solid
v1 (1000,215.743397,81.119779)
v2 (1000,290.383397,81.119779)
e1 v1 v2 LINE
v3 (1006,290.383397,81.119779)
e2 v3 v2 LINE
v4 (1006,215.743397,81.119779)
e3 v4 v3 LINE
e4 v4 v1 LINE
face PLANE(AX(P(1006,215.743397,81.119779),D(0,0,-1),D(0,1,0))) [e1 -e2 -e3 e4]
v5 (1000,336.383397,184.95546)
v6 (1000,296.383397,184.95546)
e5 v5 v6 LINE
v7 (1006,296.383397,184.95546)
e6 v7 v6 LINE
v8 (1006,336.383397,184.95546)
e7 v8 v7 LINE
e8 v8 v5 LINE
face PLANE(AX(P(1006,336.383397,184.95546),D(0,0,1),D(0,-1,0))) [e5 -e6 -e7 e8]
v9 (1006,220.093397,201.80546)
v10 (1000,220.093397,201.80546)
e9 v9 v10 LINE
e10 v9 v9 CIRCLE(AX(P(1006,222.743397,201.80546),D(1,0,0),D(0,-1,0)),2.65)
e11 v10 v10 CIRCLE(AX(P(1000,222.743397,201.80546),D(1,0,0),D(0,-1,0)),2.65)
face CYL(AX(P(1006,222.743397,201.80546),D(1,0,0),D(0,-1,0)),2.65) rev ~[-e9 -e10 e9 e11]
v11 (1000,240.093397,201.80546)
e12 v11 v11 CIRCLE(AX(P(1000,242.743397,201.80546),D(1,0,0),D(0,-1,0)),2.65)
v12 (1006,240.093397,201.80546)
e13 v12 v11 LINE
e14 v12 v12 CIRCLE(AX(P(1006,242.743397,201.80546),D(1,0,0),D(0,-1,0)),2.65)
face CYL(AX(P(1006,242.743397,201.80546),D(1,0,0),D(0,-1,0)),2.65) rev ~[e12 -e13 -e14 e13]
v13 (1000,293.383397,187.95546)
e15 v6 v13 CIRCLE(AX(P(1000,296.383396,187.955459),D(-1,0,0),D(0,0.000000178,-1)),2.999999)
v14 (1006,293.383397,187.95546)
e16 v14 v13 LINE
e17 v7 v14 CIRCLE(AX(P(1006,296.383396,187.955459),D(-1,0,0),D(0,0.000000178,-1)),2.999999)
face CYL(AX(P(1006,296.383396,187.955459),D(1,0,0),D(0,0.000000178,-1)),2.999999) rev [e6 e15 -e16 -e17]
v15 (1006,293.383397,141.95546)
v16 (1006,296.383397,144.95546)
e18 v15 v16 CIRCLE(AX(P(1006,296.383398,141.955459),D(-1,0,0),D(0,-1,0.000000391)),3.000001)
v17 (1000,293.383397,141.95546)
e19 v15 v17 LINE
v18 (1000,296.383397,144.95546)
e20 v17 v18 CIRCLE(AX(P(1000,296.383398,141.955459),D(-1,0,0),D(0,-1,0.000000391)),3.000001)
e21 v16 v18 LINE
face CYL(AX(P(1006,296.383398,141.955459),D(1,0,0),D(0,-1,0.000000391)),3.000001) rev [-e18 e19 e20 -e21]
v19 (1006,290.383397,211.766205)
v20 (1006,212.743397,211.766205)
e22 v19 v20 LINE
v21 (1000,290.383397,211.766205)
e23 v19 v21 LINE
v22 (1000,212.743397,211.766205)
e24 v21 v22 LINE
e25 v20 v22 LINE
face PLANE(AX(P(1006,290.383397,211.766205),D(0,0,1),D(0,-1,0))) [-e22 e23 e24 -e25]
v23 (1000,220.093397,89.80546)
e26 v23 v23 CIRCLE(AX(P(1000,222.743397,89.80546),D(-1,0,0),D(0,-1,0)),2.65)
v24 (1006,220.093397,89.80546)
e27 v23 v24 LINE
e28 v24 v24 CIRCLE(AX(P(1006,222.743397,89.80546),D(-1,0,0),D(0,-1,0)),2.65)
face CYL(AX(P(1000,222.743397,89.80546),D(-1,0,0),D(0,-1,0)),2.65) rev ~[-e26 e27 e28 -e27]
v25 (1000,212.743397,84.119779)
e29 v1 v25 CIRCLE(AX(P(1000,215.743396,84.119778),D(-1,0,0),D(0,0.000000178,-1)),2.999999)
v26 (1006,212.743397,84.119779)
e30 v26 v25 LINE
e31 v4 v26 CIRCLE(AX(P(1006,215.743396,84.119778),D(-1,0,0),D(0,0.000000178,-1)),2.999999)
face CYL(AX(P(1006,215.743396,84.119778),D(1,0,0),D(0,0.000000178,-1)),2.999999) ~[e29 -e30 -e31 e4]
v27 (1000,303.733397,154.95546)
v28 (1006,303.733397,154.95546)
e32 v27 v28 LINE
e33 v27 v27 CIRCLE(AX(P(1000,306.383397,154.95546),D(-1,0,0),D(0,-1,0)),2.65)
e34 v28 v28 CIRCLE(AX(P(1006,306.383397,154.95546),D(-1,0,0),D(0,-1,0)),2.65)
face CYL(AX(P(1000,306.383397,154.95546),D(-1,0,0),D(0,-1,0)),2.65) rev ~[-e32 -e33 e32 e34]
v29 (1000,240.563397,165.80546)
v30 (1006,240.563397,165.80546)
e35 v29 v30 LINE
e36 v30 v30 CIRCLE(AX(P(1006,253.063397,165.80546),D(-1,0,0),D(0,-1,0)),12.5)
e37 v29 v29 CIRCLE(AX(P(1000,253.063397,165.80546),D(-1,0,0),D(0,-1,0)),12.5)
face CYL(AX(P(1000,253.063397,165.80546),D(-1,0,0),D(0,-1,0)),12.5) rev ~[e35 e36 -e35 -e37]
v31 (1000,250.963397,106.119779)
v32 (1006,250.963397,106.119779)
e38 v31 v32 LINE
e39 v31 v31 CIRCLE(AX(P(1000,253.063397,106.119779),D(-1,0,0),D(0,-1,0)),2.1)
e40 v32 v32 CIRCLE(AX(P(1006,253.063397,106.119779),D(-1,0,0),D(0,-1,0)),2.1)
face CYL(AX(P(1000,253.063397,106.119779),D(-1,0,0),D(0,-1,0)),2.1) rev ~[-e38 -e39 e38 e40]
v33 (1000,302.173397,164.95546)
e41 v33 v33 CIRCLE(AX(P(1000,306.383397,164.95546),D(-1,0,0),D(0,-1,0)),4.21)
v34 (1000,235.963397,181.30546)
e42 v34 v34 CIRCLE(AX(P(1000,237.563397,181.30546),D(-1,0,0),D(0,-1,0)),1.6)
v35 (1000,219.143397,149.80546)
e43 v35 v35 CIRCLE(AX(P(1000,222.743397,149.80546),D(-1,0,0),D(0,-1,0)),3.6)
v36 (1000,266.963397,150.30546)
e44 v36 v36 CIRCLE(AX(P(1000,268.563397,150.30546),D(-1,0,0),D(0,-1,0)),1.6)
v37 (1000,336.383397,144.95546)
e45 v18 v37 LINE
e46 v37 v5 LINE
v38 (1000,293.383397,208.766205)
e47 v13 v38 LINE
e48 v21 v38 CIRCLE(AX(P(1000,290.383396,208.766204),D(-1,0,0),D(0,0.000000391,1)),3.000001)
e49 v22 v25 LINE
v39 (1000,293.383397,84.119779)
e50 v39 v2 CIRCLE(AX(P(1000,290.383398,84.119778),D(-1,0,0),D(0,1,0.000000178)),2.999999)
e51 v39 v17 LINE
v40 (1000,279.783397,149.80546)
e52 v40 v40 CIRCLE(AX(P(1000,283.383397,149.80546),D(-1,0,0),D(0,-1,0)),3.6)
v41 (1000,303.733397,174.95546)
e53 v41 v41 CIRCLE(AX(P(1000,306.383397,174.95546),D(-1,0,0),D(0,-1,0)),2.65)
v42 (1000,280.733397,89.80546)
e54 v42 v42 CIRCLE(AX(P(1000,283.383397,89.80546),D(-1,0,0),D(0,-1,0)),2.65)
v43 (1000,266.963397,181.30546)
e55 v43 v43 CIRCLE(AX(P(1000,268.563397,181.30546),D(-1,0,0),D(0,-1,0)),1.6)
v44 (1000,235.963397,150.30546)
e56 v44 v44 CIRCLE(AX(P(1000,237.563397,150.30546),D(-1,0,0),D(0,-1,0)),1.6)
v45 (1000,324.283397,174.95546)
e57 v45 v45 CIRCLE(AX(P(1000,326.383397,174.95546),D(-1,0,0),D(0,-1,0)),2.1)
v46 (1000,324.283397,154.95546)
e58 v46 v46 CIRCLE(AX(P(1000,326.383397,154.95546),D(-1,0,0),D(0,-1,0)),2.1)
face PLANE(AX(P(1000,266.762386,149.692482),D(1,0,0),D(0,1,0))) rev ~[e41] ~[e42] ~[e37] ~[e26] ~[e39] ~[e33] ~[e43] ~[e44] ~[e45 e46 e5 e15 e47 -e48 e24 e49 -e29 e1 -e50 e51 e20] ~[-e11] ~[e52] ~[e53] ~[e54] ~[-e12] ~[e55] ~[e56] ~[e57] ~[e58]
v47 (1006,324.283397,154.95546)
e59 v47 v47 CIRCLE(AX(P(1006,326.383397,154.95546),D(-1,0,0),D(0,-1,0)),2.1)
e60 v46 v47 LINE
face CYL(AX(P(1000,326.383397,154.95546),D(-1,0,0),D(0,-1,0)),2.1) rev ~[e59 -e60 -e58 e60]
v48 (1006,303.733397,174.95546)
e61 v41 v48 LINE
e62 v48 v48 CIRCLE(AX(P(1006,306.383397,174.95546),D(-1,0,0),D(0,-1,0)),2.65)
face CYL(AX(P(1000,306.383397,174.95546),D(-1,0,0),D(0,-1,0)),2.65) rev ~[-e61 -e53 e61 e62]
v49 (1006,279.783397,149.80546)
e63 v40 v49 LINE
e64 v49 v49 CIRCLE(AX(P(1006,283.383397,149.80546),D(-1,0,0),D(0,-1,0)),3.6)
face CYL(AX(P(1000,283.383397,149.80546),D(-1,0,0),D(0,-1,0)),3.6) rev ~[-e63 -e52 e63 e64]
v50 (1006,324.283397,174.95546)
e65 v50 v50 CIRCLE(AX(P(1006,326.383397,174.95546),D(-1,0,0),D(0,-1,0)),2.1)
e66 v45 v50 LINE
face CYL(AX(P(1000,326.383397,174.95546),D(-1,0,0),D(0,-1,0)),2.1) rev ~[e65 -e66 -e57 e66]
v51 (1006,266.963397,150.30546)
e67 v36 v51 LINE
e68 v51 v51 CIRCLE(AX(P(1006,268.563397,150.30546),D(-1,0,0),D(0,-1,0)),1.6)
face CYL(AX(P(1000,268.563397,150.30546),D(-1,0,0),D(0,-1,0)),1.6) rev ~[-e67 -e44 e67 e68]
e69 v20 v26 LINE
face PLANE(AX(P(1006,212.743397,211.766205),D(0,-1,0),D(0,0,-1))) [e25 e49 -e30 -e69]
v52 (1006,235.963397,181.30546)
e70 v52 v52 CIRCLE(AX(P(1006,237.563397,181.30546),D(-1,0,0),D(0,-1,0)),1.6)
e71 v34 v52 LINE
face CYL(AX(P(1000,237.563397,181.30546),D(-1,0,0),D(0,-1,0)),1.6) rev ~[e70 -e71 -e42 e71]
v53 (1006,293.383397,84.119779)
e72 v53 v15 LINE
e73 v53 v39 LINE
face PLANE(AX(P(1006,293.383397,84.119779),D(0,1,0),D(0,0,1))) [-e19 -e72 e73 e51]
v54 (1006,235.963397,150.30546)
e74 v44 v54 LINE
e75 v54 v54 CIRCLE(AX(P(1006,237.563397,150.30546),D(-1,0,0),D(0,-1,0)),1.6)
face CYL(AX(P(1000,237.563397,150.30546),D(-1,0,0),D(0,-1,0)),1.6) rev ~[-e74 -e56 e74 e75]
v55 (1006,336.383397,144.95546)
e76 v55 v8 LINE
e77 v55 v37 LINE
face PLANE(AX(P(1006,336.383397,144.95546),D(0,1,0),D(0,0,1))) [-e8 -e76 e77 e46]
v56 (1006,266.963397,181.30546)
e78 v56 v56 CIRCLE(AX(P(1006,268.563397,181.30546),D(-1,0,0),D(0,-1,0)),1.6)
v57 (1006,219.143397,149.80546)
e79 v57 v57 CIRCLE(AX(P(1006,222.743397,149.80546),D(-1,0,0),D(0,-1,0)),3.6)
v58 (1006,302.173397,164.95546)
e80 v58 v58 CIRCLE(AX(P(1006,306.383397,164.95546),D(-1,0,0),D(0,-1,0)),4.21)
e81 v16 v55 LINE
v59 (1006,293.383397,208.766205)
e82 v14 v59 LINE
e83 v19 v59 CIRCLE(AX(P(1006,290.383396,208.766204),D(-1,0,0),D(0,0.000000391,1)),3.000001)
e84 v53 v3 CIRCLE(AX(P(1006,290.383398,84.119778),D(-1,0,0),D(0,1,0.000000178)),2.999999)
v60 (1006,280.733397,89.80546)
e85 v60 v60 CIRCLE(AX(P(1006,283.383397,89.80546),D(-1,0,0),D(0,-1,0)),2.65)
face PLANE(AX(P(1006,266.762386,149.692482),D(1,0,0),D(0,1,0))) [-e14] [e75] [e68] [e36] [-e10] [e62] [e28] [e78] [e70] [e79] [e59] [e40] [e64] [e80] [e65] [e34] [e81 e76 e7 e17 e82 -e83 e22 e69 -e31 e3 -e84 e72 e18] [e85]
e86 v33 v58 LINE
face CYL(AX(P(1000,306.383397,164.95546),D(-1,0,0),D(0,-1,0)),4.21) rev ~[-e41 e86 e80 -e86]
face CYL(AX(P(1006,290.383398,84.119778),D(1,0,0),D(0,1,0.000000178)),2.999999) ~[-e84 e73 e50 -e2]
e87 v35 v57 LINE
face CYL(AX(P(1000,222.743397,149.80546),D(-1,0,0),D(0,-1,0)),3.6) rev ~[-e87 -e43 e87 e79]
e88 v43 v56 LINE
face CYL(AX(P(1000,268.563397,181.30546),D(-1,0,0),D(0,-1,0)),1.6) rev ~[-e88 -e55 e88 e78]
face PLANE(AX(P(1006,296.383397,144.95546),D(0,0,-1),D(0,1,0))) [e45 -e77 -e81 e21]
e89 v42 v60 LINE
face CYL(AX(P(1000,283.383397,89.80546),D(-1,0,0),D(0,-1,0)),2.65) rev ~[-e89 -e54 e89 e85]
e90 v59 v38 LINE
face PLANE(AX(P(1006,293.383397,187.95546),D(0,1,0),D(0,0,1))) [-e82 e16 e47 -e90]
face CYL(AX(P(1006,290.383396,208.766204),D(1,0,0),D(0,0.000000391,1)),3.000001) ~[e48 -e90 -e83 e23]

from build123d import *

# Parameters (mm, degrees)
PAD005_DEPTH             = 6
SKETCH025_R              = 2.1
HOLE006_DEPTH            = 25
SKETCH026_R              = 3.6
HOLE007_DEPTH            = 25
SKETCH027_R              = 2.65
HOLE008_DEPTH            = 25
SKETCH028_R              = 1.6
HOLE009_DEPTH            = 25
SKETCH029_R              = 12.5
POCKET001_DEPTH          = 6.001
SKETCH030_R              = 2.65
HOLE010_DEPTH            = 25
SKETCH031_R              = 2.65
HOLE011_DEPTH            = 25
SKETCH032_R              = 2.1
HOLE012_DEPTH            = 25
SKETCH033_R              = 4.21
POCKET_DEPTH             = 6.001
BODY013_ROLL_ANGLE       = 90
BODY013_PLACEMENT_ANGLE  = -90
CLONE005_PLACEMENT_ANGLE = 180
BODY014_PLACEMENT_ANGLE  = 180


with BuildPart() as part:
    # Sketch → Pad005 (new body)
    with BuildSketch(Plane.XY):
        with BuildLine():
            Line((-53.583397, -36.74454), (-53.583397, 3.25546))
            Line((-53.583397, 3.25546), (-13.583397, 3.25546))
            ThreePointArc((-13.583397, 3.25546), (-11.462077, 4.134139), (-10.583397, 6.25546))
            Line((-10.583397, 6.25546), (-10.583397, 27.066205))
            ThreePointArc((-7.583397, 30.066205), (-9.704717, 29.187525), (-10.583397, 27.066205))
            Line((-7.583397, 30.066205), (70.056603, 30.066205))
            Line((70.056603, 30.066205), (70.056603, -97.580221))
            ThreePointArc((67.056603, -100.580221), (69.177923, -99.701542), (70.056603, -97.580221))
            Line((67.056603, -100.580221), (-7.583397, -100.580221))
            ThreePointArc((-10.583397, -97.580221), (-9.704717, -99.701542), (-7.583397, -100.580221))
            Line((-10.583397, -97.580221), (-10.583397, -39.74454))
            ThreePointArc((-10.583397, -39.74454), (-11.462077, -37.62322), (-13.583397, -36.74454))
            Line((-13.583397, -36.74454), (-53.583397, -36.74454))
        make_face()
    extrude(amount=PAD005_DEPTH)

    # Sketch025 (on Face15 of Pad005) → Hole006 (cut)
    with BuildSketch(Plane.XY.offset(6)):
        with Locations((-43.583397, -6.74454)):
            Circle(SKETCH025_R)
        with Locations((-43.583397, -26.74454)):
            Circle(SKETCH025_R)
    extrude(amount=-HOLE006_DEPTH, mode=Mode.SUBTRACT)

    # Sketch026 (on Face5 of Hole006) → Hole007 (cut)
    with BuildSketch(Plane.XY.offset(6)):
        with Locations((-0.583397, -31.89454)):
            Circle(SKETCH026_R)
        with Locations((60.056603, -31.89454)):
            Circle(SKETCH026_R)
    extrude(amount=-HOLE007_DEPTH, mode=Mode.SUBTRACT)

    # Sketch027 (on Face5 of Hole007) → Hole008 (cut)
    with BuildSketch(Plane.XY.offset(6)):
        with Locations((-0.583397, -91.89454)):
            Circle(SKETCH027_R)
        with Locations((60.056603, -91.89454)):
            Circle(SKETCH027_R)
    extrude(amount=-HOLE008_DEPTH, mode=Mode.SUBTRACT)

    # Sketch028 (on Face5 of Hole008) → Hole009 (cut)
    with BuildSketch(Plane.XY.offset(6)):
        with Locations((14.236603, -0.39454)):
            Circle(SKETCH028_R)
        with Locations((45.236603, -0.39454)):
            Circle(SKETCH028_R)
        with Locations((14.236603, -31.39454)):
            Circle(SKETCH028_R)
        with Locations((45.236603, -31.39454)):
            Circle(SKETCH028_R)
    extrude(amount=-HOLE009_DEPTH, mode=Mode.SUBTRACT)

    # Sketch029 (on Face5 of Hole009) → Pocket001 (cut, through all)
    with BuildSketch(Plane.XY.offset(6)):
        with Locations((29.736603, -15.89454)):
            Circle(SKETCH029_R)
    extrude(amount=-POCKET001_DEPTH, mode=Mode.SUBTRACT)

    # Sketch030 (on Face4 of Clone004) → Hole010 (cut)
    with BuildSketch(Plane(origin=(0, 0, 0), x_dir=(1, 0, 0), z_dir=(0, 0, -1))):
        with Locations((40.056603, -20.10546)):
            Circle(SKETCH030_R)
        with Locations((60.056603, -20.10546)):
            Circle(SKETCH030_R)
    extrude(amount=-HOLE010_DEPTH, mode=Mode.SUBTRACT)

    # Sketch031 (on Face5 of Hole010) → Hole011 (cut)
    with BuildSketch(Plane.XY.offset(6)):
        with Locations((-23.583397, -6.74454)):
            Circle(SKETCH031_R)
        with Locations((-23.583397, -26.74454)):
            Circle(SKETCH031_R)
    extrude(amount=-HOLE011_DEPTH, mode=Mode.SUBTRACT)

    # Sketch032 (on Face5 of Hole011) → Hole012 (cut)
    with BuildSketch(Plane.XY.offset(6)):
        with Locations((29.736603, -75.580221)):
            Circle(SKETCH032_R)
    extrude(amount=-HOLE012_DEPTH, mode=Mode.SUBTRACT)

    # Sketch033 (on Face5 of Hole012) → Pocket (cut, through all)
    with BuildSketch(Plane.XY.offset(6)):
        with Locations((-23.583397, -16.74454)):
            Circle(SKETCH033_R)
    extrude(amount=-POCKET_DEPTH, mode=Mode.SUBTRACT)


with BuildPart() as part_1:
    # Body013 roll: moved
    add(part.part.rotate(Axis((0, 0, 0), (1, 0, 0)), BODY013_ROLL_ANGLE))


with BuildPart() as part_2:
    # Body013 placement: moved
    add(part_1.part.moved(Location((0, 283, 181.7))).rotate(Axis((0, 283, 181.7), (0, 0, 1)), BODY013_PLACEMENT_ANGLE))


with BuildPart() as part_3:
    # Clone005 placement: moved
    add(part_2.part.moved(Location((-6, 586.6, 0))).rotate(Axis((-6, 586.6, 0), (0, 0, 1)), CLONE005_PLACEMENT_ANGLE))


with BuildPart() as part_4:
    # Body014 placement: moved
    add(part_3.part.moved(Location((1000, 586.4, 0))).rotate(Axis((1000, 586.4, 0), (0, 0, 1)), BODY014_PLACEMENT_ANGLE))


solid = part_4.part
